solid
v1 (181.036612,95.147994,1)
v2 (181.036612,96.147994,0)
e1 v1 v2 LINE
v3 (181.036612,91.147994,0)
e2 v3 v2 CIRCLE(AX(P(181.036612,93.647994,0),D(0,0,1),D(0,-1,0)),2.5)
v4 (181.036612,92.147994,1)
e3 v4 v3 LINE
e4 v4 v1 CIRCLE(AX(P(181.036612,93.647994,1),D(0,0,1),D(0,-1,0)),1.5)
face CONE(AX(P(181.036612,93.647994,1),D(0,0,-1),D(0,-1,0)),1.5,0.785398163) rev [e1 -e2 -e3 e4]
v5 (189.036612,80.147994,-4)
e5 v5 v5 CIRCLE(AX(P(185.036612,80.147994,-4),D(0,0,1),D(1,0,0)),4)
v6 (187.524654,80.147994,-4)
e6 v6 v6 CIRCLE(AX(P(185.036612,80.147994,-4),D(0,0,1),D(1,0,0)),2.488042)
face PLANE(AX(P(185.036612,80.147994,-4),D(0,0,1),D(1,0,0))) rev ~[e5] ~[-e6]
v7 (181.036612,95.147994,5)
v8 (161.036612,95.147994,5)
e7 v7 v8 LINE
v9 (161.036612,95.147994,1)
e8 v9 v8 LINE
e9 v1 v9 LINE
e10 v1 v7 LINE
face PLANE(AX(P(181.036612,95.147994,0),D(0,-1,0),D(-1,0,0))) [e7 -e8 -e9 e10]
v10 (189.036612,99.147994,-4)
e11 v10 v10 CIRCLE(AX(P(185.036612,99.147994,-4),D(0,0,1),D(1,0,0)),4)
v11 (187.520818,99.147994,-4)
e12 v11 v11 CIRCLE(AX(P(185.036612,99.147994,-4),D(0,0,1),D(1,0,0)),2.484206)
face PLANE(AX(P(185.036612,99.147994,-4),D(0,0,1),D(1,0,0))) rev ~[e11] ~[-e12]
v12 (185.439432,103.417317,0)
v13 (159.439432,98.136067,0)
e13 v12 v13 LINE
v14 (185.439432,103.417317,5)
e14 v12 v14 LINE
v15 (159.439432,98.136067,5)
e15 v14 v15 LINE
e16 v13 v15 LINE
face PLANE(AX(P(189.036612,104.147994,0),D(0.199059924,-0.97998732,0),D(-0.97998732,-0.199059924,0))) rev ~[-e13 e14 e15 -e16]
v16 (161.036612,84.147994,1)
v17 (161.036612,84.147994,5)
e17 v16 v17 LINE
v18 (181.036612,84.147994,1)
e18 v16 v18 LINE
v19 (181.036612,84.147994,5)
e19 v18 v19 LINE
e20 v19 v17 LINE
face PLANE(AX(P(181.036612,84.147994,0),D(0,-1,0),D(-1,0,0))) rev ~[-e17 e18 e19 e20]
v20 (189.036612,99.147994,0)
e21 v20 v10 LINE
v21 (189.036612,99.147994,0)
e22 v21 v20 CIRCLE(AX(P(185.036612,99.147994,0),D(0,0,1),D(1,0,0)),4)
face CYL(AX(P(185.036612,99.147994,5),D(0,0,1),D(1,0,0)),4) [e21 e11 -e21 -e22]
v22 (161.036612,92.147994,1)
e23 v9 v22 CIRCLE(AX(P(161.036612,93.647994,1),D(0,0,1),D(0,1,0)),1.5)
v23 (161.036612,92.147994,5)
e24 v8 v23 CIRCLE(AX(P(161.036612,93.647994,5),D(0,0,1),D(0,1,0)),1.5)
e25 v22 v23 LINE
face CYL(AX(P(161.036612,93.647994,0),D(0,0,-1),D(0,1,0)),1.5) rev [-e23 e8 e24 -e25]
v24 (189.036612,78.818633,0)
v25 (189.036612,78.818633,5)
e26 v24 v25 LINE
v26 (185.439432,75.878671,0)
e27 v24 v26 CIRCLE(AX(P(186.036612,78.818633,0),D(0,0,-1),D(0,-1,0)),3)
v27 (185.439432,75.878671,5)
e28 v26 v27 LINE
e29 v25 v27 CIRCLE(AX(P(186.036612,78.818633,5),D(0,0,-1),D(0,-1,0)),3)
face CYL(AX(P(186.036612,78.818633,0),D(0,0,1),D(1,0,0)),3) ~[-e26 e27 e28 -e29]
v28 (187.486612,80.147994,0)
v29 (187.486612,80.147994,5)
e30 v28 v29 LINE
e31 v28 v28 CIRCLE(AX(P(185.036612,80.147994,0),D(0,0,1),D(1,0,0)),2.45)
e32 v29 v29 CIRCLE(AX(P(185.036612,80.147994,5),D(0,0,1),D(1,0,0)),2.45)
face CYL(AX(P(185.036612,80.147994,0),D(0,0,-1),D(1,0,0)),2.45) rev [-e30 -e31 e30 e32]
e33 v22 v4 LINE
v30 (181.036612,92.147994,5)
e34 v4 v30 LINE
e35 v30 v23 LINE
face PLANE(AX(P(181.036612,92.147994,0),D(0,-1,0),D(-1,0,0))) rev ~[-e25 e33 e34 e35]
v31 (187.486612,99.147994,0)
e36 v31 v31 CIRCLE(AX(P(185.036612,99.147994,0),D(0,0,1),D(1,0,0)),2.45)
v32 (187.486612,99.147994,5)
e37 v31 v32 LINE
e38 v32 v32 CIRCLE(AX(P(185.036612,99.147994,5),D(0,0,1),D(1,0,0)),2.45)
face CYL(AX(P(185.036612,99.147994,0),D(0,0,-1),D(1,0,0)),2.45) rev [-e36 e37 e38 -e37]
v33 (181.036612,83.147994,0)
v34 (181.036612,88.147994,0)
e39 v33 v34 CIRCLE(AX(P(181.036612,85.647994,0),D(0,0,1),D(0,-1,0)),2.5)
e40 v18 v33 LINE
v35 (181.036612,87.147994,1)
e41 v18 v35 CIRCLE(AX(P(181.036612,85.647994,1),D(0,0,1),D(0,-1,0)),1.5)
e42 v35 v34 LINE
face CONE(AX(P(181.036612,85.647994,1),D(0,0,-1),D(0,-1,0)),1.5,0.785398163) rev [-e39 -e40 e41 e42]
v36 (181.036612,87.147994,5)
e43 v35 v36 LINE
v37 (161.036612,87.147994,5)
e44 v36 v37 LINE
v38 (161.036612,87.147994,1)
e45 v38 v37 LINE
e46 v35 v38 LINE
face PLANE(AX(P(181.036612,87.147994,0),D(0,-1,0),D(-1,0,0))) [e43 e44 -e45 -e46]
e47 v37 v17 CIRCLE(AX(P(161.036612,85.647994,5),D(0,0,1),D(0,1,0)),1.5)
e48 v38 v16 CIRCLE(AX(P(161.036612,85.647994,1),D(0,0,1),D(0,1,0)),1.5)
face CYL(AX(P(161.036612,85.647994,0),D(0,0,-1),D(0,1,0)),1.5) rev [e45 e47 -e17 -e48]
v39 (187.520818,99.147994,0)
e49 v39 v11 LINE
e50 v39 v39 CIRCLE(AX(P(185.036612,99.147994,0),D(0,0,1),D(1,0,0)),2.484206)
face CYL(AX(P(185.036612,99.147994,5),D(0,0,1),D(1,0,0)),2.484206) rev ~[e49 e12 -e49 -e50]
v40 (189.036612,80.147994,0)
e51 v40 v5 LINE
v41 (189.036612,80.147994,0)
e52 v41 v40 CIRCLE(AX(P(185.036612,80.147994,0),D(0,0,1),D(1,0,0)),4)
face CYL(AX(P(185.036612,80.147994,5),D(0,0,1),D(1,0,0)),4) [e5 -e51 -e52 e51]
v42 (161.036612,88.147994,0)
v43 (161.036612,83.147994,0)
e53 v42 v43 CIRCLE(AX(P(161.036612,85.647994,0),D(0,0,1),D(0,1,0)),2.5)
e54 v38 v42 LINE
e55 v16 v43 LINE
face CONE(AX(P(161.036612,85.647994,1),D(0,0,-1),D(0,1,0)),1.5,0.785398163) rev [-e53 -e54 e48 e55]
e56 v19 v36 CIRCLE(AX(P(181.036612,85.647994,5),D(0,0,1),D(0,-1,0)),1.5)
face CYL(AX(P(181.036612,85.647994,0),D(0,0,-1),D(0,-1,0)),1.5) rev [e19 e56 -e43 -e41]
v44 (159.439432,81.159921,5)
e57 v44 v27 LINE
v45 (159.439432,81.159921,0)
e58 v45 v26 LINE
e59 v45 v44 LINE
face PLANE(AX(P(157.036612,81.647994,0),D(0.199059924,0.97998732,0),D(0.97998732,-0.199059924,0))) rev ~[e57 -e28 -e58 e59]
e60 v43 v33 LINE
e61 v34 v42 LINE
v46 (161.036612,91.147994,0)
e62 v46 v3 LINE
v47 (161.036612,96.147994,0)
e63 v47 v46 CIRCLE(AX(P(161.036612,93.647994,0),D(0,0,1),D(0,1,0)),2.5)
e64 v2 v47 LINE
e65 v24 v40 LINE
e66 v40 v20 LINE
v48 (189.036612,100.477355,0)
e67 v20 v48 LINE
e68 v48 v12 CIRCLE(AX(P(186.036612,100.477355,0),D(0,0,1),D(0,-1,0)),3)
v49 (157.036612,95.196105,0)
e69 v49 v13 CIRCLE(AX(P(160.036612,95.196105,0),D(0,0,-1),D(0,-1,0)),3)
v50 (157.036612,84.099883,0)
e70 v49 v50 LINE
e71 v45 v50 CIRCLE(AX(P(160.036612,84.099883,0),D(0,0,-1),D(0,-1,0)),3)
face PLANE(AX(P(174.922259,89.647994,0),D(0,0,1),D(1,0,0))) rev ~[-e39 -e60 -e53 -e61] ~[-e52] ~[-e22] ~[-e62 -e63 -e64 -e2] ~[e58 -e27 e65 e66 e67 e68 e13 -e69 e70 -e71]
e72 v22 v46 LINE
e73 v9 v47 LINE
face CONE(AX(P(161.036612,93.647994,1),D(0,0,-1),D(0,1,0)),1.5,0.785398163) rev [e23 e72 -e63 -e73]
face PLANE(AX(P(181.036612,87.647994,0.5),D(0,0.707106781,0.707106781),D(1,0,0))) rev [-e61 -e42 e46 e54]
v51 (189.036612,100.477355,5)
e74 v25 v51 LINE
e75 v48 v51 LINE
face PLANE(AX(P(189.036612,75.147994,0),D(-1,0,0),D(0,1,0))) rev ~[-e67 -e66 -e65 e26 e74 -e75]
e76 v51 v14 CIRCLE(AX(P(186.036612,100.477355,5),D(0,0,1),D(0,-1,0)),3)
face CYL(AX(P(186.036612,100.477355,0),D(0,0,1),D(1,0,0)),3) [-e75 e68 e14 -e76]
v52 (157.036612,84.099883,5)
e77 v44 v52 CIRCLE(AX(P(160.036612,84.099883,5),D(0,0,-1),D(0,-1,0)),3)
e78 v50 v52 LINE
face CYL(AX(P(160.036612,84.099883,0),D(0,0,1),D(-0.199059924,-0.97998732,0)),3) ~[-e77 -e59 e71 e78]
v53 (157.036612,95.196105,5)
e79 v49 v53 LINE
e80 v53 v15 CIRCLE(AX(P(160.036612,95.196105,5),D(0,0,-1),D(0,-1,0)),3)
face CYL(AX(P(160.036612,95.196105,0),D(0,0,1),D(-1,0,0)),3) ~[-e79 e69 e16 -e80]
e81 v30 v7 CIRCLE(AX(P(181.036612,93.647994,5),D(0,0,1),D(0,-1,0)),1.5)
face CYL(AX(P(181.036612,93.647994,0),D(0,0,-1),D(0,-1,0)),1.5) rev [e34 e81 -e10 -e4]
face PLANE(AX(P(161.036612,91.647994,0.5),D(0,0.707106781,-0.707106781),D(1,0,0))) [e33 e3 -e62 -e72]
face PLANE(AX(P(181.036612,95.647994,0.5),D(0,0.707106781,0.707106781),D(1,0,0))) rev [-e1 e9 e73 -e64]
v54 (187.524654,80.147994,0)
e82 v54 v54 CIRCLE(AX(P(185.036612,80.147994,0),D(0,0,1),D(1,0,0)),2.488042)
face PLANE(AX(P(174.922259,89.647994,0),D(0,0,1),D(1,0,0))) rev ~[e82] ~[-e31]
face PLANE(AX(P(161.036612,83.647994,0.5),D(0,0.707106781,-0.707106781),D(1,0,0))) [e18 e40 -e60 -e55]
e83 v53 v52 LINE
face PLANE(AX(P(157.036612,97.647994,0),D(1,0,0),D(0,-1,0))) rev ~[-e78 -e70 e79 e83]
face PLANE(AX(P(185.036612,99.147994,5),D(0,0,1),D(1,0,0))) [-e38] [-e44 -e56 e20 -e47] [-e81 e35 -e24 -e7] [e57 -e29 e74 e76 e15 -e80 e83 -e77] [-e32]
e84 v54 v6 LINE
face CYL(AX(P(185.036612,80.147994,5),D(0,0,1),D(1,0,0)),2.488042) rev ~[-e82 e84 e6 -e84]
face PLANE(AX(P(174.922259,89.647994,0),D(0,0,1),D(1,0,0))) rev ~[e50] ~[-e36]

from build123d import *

# Parameters (mm, degrees)
SKETCH_R      = 2.45
PAD_DEPTH     = 5
SKETCH001_R   = 4
SKETCH001_R_2 = 2.484206
SKETCH001_R_3 = 2.488042
PAD001_DEPTH  = 9
FILLET_R      = 3
CHAMFER_SIZE  = 1


with BuildPart() as part:
    # Sketch → Pad (new body)
    with BuildSketch(Plane.XY):
        Polygon((189.036612, 104.147994), (157.036612, 97.647994), (157.036612, 81.647994), (189.036612, 75.147994), align=None)
        with Locations((185.036612, 80.147994)):
            Circle(SKETCH_R, mode=Mode.SUBTRACT)
        with Locations((185.036612, 99.147994)):
            Circle(SKETCH_R, mode=Mode.SUBTRACT)
        with BuildLine():
            ThreePointArc((181.036612, 92.147994), (182.536612, 93.647994), (181.036612, 95.147994))
            Line((181.036612, 95.147994), (161.036612, 95.147994))
            ThreePointArc((161.036612, 95.147994), (159.536612, 93.647994), (161.036612, 92.147994))
            Line((181.036612, 92.147994), (161.036612, 92.147994))
        make_face(mode=Mode.SUBTRACT)
        with BuildLine():
            ThreePointArc((181.036612, 84.147994), (182.536612, 85.647994), (181.036612, 87.147994))
            Line((181.036612, 87.147994), (161.036612, 87.147994))
            ThreePointArc((161.036612, 87.147994), (159.536612, 85.647994), (161.036612, 84.147994))
            Line((181.036612, 84.147994), (161.036612, 84.147994))
        make_face(mode=Mode.SUBTRACT)
    extrude(amount=PAD_DEPTH)

    # Sketch001 → Pad001 (join)
    with BuildSketch(Plane.XY.offset(5)):
        with Locations((185.036612, 99.147994)):
            Circle(SKETCH001_R)
        with Locations((185.036612, 99.147994)):
            Circle(SKETCH001_R_2, mode=Mode.SUBTRACT)
        with Locations((185.036612, 80.147994)):
            Circle(SKETCH001_R)
        with Locations((185.036612, 80.147994)):
            Circle(SKETCH001_R_3, mode=Mode.SUBTRACT)
    extrude(amount=-PAD001_DEPTH)

    # Fillet
    fillet_edges = [part.edges().sort_by_distance(p)[0] for p in [
        (189.036612, 104.147994, 2.5),
        (189.036612, 75.147994, 2.5),
        (157.036612, 97.647994, 2.5),
        (157.036612, 81.647994, 2.5),
    ]]
    fillet(fillet_edges, radius=FILLET_R)

    # Chamfer
    chamfer_edges = [part.edges().sort_by_distance(p)[0] for p in [
        (171.036612, 95.147994, 0),
        (171.036612, 92.147994, 0),
        (171.036612, 87.147994, 0),
        (171.036612, 84.147994, 0),
    ]]
    chamfer(chamfer_edges, length=CHAMFER_SIZE)


solid = part.part
